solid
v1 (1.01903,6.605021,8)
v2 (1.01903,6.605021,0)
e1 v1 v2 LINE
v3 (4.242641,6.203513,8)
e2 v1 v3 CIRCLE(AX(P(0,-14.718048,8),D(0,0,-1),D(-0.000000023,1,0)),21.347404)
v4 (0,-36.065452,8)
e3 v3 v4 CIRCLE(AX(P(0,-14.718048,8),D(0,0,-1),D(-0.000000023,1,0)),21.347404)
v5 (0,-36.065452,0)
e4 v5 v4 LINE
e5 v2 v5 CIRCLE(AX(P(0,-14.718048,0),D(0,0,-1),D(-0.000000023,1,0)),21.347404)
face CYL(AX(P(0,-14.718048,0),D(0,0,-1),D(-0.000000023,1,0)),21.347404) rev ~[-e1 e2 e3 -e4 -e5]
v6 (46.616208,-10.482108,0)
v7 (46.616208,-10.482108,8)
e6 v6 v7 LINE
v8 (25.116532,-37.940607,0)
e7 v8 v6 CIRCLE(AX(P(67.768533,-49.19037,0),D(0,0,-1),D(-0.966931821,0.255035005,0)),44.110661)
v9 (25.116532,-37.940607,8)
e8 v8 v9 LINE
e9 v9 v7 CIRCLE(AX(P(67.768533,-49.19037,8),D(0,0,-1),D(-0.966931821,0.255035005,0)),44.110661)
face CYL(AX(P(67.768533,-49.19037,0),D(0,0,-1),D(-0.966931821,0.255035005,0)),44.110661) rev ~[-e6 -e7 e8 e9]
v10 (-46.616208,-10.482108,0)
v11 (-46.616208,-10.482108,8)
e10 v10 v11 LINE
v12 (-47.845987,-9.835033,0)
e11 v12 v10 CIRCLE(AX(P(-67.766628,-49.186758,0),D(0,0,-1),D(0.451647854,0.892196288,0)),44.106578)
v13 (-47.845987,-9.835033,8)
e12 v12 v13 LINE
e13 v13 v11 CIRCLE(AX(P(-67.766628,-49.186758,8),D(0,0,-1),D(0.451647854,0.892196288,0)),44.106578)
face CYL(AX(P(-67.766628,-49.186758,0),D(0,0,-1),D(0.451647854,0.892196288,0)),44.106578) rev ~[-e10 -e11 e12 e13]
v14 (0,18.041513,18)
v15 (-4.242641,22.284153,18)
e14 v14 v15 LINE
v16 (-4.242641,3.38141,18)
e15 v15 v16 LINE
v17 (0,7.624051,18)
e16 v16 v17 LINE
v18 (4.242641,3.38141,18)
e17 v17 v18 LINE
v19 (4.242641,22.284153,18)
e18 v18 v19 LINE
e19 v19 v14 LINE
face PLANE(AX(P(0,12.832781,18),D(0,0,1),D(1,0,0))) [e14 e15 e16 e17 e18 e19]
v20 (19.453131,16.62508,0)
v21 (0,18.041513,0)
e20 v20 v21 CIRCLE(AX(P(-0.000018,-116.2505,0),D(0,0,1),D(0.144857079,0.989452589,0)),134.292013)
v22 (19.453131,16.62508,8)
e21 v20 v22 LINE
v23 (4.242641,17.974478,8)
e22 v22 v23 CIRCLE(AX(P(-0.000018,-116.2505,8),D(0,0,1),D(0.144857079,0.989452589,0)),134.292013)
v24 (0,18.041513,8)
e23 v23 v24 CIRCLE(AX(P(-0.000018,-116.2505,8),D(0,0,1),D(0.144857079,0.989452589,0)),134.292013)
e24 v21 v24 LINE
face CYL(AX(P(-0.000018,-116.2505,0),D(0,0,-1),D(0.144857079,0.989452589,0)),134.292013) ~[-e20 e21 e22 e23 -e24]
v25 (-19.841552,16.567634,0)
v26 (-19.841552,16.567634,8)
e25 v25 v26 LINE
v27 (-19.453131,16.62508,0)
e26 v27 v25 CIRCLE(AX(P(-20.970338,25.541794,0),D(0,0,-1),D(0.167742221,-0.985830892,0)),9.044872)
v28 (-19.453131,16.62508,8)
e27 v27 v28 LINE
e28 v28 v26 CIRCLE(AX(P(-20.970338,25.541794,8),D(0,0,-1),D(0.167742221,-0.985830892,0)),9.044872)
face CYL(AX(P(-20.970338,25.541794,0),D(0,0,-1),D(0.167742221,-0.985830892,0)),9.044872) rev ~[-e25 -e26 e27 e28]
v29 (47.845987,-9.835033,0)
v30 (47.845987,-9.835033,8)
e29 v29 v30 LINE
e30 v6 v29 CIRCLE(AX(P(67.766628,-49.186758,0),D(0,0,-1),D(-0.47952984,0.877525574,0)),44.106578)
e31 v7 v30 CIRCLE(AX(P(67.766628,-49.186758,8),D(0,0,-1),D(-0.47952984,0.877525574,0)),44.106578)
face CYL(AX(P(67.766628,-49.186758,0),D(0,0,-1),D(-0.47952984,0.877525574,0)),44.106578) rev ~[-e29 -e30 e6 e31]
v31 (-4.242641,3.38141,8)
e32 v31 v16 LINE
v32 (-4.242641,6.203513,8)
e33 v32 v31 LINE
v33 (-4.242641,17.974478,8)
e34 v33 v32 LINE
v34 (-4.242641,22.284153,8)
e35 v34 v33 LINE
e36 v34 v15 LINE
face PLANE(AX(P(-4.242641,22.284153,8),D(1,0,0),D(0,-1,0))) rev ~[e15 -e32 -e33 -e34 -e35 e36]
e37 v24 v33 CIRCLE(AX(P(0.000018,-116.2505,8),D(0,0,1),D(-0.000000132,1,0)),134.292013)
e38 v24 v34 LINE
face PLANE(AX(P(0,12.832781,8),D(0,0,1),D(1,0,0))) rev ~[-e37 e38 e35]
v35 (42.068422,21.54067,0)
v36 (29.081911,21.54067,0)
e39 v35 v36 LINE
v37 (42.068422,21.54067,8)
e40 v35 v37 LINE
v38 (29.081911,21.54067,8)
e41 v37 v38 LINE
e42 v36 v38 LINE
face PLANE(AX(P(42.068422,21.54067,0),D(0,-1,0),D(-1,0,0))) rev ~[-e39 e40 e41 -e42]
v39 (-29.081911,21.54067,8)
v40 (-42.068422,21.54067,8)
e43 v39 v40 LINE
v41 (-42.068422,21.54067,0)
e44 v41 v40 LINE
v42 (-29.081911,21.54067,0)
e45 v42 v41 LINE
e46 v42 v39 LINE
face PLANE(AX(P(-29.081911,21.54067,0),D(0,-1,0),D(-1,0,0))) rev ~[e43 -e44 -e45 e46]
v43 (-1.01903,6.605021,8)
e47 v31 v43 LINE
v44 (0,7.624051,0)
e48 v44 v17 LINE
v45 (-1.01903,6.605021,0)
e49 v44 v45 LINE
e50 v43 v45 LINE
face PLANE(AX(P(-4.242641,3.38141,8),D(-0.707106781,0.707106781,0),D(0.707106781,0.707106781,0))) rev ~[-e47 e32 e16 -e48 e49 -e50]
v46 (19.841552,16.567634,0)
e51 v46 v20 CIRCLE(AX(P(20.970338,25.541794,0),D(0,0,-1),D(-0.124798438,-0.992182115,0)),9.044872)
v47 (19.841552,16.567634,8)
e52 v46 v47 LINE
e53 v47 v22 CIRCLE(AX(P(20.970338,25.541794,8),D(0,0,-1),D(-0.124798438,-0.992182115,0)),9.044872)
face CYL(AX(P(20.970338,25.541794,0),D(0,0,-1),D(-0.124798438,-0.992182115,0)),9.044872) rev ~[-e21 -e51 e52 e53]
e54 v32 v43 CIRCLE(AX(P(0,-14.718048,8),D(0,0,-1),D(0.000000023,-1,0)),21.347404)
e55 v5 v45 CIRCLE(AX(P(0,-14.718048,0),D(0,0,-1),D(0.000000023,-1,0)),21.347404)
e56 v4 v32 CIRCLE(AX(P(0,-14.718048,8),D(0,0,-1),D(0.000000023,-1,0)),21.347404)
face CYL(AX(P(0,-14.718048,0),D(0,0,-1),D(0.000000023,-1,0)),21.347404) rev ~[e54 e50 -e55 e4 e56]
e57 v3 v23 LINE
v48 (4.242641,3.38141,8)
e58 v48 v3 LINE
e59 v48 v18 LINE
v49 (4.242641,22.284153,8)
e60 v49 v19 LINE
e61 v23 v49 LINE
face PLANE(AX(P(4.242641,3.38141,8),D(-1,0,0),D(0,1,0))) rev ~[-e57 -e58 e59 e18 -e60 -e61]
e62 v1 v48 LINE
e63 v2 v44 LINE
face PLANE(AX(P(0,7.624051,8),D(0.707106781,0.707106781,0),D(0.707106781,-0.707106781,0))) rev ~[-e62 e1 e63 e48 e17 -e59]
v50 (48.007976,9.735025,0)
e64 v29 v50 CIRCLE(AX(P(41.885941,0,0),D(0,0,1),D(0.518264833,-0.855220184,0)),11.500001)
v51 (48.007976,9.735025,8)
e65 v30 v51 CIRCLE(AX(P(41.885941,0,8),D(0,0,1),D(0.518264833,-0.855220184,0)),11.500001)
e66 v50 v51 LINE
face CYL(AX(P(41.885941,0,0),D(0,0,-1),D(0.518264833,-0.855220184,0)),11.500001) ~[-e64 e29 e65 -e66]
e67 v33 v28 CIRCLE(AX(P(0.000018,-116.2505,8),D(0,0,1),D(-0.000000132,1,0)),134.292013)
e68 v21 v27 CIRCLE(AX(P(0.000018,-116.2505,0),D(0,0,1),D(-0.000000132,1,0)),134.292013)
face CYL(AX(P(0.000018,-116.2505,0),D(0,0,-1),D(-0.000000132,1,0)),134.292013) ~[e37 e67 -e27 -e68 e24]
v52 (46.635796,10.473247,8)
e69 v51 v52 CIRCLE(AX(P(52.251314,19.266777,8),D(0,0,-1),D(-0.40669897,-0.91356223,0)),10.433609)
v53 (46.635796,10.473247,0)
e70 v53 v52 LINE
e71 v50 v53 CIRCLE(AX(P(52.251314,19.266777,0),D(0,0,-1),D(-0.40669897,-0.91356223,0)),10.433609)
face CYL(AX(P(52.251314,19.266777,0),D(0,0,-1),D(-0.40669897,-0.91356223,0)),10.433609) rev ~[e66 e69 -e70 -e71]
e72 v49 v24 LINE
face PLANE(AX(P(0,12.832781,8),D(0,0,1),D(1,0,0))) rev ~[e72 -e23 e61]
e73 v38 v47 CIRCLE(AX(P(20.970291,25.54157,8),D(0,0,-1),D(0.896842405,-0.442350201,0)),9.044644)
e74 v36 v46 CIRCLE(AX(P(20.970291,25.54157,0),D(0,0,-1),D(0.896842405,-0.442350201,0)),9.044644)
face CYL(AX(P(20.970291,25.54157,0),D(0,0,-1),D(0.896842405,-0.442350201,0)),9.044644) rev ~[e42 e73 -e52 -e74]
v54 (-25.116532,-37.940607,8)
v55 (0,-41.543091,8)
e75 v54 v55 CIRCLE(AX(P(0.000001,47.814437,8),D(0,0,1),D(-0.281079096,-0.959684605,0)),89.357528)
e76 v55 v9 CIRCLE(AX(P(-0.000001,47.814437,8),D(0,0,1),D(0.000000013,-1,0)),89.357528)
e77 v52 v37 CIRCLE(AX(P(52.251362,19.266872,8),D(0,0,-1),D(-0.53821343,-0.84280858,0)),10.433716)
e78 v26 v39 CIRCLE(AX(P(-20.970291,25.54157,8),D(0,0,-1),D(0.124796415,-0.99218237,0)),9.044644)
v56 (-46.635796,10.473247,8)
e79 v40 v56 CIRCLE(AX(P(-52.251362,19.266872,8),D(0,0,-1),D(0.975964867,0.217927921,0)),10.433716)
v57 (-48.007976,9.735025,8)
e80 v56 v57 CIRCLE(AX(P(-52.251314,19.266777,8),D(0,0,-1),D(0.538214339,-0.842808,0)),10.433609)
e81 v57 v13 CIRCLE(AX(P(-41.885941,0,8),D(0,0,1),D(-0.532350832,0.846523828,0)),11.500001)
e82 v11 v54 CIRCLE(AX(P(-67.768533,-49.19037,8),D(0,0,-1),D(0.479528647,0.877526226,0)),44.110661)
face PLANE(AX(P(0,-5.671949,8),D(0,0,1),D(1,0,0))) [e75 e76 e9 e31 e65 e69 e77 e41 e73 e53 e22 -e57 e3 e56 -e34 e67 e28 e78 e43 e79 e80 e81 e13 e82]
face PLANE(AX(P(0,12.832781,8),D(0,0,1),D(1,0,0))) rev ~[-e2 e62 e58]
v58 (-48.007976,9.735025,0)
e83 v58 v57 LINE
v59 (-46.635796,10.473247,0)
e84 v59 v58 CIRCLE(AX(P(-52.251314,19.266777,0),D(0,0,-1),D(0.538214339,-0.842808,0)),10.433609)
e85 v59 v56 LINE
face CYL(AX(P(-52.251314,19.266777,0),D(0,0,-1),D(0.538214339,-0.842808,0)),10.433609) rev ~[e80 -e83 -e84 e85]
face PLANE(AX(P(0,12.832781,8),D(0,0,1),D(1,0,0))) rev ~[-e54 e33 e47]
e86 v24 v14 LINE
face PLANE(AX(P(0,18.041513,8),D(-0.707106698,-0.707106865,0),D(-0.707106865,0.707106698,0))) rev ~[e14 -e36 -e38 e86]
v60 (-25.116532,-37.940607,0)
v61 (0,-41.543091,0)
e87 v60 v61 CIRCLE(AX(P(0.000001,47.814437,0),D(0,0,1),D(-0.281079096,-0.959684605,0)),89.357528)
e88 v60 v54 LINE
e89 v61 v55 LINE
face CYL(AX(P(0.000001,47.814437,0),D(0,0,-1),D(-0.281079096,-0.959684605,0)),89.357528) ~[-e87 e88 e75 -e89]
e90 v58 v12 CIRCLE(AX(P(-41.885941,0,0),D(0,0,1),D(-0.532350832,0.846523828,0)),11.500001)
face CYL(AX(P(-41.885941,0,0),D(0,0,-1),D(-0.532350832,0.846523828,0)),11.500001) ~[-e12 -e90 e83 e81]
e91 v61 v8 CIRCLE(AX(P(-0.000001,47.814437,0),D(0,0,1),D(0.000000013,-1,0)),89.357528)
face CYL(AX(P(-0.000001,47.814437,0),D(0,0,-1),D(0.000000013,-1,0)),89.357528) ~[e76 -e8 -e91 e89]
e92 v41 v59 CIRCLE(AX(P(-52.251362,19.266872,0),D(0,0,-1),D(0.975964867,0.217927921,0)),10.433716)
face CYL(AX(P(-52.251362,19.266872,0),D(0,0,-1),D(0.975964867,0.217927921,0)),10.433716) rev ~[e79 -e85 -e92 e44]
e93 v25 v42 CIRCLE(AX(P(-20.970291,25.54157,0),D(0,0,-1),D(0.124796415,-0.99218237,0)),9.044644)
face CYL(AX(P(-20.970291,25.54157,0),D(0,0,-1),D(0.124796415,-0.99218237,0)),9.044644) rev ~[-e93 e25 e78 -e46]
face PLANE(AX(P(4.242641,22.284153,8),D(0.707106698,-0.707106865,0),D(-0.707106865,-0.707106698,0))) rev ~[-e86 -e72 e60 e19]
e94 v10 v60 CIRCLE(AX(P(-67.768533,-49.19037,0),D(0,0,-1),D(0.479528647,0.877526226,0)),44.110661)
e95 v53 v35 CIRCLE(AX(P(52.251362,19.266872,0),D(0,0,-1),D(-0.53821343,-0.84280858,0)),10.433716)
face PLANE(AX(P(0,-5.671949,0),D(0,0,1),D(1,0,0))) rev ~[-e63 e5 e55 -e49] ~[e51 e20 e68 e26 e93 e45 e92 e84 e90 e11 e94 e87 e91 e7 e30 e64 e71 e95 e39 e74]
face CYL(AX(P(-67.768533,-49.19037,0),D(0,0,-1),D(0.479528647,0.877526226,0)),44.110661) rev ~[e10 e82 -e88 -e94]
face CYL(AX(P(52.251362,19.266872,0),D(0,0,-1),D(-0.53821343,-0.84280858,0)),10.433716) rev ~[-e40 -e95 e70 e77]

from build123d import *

# Parameters (mm, degrees)
F1_DEPTH = 8
F3_DEPTH = 10
F5_DEPTH = 25


with BuildPart() as f1:
    # F0 (on Top) → F1 (new body)
    with BuildSketch(Plane.XY):
        with BuildLine():
            Line((42.068422, 21.54067), (29.081911, 21.54067))
            ThreePointArc((29.081911, 21.54067), (25.256656, 17.577108), (19.841552, 16.567634))
            ThreePointArc((19.841552, 16.567634), (19.64703, 16.594249), (19.453131, 16.62508))
            ThreePointArc((19.453131, 16.62508), (9.752315, 17.686936), (0, 18.041513))
            ThreePointArc((0, 18.041513), (-9.752315, 17.686936), (-19.453131, 16.62508))
            ThreePointArc((-19.453131, 16.62508), (-19.64703, 16.594249), (-19.841552, 16.567634))
            ThreePointArc((-19.841552, 16.567634), (-25.256656, 17.577108), (-29.081911, 21.54067))
            Line((-29.081911, 21.54067), (-42.068422, 21.54067))
            ThreePointArc((-42.068422, 21.54067), (-42.606666, 15.286638), (-46.635796, 10.473247))
            ThreePointArc((-46.635796, 10.473247), (-47.308086, 10.078485), (-48.007976, 9.735025))
            ThreePointArc((-48.007976, 9.735025), (-53.385548, -0.095187), (-47.845987, -9.835033))
            ThreePointArc((-47.845987, -9.835033), (-47.228549, -10.153727), (-46.616208, -10.482108))
            ThreePointArc((-46.616208, -10.482108), (-33.037563, -21.996435), (-25.116532, -37.940607))
            ThreePointArc((-25.116532, -37.940607), (-12.686785, -40.637885), (0, -41.543091))
            ThreePointArc((0, -41.543091), (12.686785, -40.637885), (25.116532, -37.940607))
            ThreePointArc((25.116532, -37.940607), (33.037563, -21.996435), (46.616208, -10.482108))
            ThreePointArc((46.616208, -10.482108), (47.228549, -10.153727), (47.845987, -9.835033))
            ThreePointArc((47.845987, -9.835033), (53.385548, -0.095187), (48.007976, 9.735025))
            ThreePointArc((48.007976, 9.735025), (47.308086, 10.078485), (46.635796, 10.473247))
            ThreePointArc((46.635796, 10.473247), (42.606666, 15.286638), (42.068422, 21.54067))
        make_face()
        with BuildLine():
            ThreePointArc((0, 6.629357), (21.347405, -14.718047), (0, -36.065452))
            ThreePointArc((0, -36.065452), (-21.347405, -14.718047), (0, 6.629357))
        make_face(mode=Mode.SUBTRACT)
    extrude(amount=F1_DEPTH)

    # F2 (on face) → F3 (join)
    with BuildSketch(Plane.XY.offset(8)):
        Polygon((-4.242641, 3.38141), (0, 7.624051), (4.242641, 3.38141), (4.242641, 22.284153), (0, 18.041513), (-4.242641, 22.284153), align=None)
    extrude(amount=F3_DEPTH)

    # F4 (on face) → F5 (cut)
    with BuildSketch(Plane.XY.offset(18)):
        Polygon((4.242641, 3.38141), (0, 7.624051), (-4.242641, 3.38141), align=None)
    extrude(amount=-F5_DEPTH, mode=Mode.SUBTRACT)


solid = f1.part
